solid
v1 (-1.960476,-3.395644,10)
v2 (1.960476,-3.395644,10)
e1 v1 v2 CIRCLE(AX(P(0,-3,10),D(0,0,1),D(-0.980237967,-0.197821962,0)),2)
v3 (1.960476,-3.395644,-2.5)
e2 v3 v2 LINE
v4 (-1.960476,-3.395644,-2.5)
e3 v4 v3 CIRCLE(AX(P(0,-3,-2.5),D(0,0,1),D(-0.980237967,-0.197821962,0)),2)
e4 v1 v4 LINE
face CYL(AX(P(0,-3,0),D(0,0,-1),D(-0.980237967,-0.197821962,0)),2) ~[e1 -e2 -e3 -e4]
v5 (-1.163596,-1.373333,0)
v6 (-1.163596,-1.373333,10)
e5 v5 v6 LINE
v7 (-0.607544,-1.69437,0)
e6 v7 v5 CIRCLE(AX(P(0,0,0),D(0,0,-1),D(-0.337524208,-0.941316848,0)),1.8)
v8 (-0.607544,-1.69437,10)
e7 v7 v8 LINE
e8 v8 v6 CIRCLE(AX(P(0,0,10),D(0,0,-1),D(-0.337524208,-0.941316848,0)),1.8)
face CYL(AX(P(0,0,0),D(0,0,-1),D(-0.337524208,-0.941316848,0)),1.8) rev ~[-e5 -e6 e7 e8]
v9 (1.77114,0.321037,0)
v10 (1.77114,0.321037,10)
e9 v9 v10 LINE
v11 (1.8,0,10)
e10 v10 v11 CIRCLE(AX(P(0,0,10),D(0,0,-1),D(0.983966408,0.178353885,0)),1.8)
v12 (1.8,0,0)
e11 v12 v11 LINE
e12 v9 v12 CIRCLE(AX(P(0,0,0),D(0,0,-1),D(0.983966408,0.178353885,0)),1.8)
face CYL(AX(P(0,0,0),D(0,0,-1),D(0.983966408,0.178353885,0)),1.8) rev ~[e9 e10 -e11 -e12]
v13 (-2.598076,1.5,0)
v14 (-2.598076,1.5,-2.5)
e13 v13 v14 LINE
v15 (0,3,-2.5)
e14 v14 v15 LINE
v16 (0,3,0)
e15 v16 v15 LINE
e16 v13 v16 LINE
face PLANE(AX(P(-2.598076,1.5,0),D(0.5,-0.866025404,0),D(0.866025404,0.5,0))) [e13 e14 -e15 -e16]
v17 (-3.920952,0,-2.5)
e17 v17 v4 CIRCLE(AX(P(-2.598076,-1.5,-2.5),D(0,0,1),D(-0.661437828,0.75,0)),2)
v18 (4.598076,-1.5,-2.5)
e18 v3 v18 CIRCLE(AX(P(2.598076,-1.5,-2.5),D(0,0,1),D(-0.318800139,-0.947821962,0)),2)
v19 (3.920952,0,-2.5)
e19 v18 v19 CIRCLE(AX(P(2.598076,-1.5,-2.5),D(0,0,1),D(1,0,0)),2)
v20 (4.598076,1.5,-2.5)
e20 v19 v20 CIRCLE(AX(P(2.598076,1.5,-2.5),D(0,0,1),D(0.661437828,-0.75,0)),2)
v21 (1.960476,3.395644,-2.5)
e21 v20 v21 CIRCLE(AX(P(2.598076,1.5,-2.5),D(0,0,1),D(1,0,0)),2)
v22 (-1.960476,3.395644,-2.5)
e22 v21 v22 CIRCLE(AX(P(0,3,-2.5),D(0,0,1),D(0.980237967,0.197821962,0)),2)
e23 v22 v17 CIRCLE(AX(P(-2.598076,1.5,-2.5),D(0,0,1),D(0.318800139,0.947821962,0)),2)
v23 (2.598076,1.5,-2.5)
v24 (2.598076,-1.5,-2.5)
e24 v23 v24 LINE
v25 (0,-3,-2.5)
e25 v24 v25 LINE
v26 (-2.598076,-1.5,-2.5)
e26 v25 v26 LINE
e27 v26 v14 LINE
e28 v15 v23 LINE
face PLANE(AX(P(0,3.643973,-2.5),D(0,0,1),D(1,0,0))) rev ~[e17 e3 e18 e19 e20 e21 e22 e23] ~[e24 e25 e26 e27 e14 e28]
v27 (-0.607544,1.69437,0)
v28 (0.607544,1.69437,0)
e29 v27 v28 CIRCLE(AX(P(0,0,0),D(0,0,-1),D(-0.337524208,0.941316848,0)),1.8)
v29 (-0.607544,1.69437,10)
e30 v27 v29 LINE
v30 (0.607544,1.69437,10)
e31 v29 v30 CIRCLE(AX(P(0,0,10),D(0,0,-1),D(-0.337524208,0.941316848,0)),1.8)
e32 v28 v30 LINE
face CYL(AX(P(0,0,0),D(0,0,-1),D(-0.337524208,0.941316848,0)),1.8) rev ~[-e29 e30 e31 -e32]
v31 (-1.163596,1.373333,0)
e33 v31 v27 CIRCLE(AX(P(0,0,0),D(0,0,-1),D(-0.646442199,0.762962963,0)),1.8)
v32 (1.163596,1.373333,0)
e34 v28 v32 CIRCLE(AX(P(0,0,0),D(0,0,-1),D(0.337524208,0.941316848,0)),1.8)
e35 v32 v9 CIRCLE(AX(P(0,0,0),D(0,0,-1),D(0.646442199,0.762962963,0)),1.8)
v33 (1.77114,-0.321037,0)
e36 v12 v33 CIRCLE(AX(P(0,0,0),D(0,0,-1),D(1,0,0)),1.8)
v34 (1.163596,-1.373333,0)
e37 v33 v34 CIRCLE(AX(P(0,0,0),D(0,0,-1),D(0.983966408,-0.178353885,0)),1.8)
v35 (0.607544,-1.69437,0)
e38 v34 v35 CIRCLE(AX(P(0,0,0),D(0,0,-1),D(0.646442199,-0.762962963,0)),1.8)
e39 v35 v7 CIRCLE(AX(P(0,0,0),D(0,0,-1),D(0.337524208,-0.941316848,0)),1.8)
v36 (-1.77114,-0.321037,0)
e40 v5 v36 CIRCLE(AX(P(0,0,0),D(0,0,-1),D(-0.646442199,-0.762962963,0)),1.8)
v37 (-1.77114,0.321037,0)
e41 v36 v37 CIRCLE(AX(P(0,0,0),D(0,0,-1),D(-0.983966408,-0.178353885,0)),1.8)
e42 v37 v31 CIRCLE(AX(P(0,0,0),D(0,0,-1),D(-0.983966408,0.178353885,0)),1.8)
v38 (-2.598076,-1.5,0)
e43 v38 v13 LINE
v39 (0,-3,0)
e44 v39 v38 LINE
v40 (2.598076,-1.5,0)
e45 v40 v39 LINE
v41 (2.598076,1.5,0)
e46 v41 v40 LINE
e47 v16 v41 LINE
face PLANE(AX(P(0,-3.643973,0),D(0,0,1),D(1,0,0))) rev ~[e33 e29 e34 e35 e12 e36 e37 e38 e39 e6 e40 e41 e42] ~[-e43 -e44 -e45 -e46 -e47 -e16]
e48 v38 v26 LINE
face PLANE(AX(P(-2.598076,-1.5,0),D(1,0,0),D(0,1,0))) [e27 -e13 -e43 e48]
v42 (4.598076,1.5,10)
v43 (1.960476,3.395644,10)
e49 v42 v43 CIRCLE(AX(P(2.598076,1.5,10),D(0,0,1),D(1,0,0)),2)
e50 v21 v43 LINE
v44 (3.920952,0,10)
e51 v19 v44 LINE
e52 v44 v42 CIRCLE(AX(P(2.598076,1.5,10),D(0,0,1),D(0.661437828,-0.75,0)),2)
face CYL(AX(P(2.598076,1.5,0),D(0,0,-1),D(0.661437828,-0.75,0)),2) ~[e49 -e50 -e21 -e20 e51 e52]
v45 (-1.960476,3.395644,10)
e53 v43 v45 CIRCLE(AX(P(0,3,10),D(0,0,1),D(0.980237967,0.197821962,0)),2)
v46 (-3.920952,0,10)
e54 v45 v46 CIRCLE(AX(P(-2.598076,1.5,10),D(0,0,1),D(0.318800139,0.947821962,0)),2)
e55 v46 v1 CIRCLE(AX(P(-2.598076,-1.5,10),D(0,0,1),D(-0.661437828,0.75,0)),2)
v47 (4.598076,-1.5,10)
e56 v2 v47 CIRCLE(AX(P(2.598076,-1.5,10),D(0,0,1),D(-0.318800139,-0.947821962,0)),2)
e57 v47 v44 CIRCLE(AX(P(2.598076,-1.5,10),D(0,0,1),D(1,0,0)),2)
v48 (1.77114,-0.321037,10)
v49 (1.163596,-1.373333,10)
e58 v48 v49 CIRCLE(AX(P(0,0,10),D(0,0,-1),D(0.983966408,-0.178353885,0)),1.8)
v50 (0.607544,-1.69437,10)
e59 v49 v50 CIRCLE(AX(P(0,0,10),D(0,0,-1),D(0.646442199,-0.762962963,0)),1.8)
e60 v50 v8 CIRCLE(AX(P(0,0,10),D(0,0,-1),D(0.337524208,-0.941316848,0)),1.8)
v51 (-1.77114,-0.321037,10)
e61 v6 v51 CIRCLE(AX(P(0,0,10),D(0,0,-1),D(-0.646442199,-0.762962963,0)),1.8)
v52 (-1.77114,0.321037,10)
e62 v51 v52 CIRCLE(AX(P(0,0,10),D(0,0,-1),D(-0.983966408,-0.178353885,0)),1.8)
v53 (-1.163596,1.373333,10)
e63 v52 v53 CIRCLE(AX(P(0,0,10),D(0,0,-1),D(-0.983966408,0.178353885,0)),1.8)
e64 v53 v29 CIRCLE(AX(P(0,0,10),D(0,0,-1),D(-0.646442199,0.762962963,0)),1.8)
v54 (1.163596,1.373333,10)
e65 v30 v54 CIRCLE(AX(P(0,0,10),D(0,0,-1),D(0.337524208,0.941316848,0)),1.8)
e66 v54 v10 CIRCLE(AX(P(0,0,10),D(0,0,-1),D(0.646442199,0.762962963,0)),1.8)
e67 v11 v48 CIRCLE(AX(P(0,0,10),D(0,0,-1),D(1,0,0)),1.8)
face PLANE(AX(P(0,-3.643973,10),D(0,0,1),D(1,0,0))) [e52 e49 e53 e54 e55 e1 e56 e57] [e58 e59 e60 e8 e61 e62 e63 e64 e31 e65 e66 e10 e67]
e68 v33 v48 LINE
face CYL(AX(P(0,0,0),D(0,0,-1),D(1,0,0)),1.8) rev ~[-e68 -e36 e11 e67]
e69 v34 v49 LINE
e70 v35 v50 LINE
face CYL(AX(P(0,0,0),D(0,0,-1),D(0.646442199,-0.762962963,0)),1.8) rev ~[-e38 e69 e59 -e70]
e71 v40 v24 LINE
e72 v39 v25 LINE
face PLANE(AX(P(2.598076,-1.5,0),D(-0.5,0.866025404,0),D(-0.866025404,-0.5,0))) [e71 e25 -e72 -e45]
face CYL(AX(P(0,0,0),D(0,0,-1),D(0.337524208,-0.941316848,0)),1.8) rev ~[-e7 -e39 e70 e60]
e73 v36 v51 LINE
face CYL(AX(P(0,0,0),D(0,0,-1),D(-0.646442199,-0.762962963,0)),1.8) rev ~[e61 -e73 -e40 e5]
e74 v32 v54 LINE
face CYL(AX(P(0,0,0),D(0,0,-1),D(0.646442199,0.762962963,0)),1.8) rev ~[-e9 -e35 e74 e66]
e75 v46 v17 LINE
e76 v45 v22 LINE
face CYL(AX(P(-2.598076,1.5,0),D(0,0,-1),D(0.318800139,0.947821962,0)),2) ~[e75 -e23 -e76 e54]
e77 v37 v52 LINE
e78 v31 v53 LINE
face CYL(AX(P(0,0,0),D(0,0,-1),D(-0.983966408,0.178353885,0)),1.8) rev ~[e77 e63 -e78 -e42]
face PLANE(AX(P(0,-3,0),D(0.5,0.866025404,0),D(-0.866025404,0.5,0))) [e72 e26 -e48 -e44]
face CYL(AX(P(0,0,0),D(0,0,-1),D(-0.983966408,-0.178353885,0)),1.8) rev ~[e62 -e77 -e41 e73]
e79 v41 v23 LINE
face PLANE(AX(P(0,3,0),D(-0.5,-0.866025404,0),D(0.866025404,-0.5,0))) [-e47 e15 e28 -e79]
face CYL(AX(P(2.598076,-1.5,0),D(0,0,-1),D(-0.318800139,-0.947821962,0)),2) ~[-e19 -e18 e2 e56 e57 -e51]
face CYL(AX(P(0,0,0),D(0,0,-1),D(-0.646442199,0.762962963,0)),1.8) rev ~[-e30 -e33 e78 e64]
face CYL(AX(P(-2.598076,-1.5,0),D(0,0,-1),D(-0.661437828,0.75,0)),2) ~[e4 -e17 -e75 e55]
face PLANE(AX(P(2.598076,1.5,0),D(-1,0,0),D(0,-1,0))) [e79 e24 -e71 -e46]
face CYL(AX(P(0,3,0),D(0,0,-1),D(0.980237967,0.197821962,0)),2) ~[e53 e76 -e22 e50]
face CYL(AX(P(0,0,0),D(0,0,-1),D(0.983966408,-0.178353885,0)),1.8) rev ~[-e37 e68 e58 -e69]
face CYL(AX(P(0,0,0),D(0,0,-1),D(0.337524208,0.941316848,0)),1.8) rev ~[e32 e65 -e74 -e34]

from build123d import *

# Parameters (mm, degrees)
F1_DEPTH = 2.5
F2_DEPTH = 10


with BuildPart() as f1:
    # F0 (on Top) → F1 (new body)
    with BuildSketch(Plane.XY):
        with BuildLine():
            Line((-0.8660254038, 2.5), (0, 3))
            Line((0, 3), (0.8660254038, 2.5))
            ThreePointArc((0.8660254038, 2.5), (1.3314444273, 3.0477867824), (1.9604759334, 3.3956439237))
            ThreePointArc((1.9604759334, 3.3956439237), (0, 5), (-1.9604759334, 3.3956439237))
            ThreePointArc((-1.9604759334, 3.3956439237), (-1.3314444273, 3.0477867824), (-0.8660254038, 2.5))
        make_face()
        with BuildLine():
            ThreePointArc((1.9604759334, 3.3956439237), (1.3314444273, 3.0477867824), (0.8660254038, 2.5))
            Line((0.8660254038, 2.5), (1.7320508076, 2))
            ThreePointArc((1.7320508076, 2), (1.9318516526, 2.4823619098), (2, 3))
            ThreePointArc((2, 3), (1.9900944534, 3.1988066059), (1.9604759334, 3.3956439237))
        make_face()
        with BuildLine():
            Line((-1.7320508076, 2), (-0.8660254038, 2.5))
            ThreePointArc((-0.8660254038, 2.5), (-1.3314444273, 3.0477867824), (-1.9604759334, 3.3956439237))
            ThreePointArc((-1.9604759334, 3.3956439237), (-1.9737385652, 2.676958089), (-1.7320508076, 2))
        make_face()
        with BuildLine():
            Line((-2.5980762114, 1.5), (-1.7320508076, 2))
            ThreePointArc((-1.7320508076, 2), (-1.9737385652, 2.676958089), (-1.9604759334, 3.3956439237))
            ThreePointArc((-1.9604759334, 3.3956439237), (-4.3301270189, 2.5), (-3.9209518669, 0))
            ThreePointArc((-3.9209518669, 0), (-3.3051829925, 0.3708286934), (-2.5980762114, 0.5))
            Line((-2.5980762114, 0.5), (-2.5980762114, 1.5))
        make_face()
        with BuildLine():
            ThreePointArc((-2.5980762114, 0.5), (-3.3051829925, 0.3708286934), (-3.9209518669, 0))
            ThreePointArc((-3.9209518669, 0), (-3.3051829925, -0.3708286934), (-2.5980762114, -0.5))
            Line((-2.5980762114, -0.5), (-2.5980762114, 0.5))
        make_face()
        with BuildLine():
            ThreePointArc((-2.5980762114, -0.5), (-3.3051829925, -0.3708286934), (-3.9209518669, 0))
            ThreePointArc((-3.9209518669, 0), (-4.3301270189, -2.5), (-1.9604759334, -3.3956439237))
            ThreePointArc((-1.9604759334, -3.3956439237), (-1.9737385652, -2.676958089), (-1.7320508076, -2))
            Line((-1.7320508076, -2), (-2.5980762114, -1.5))
            Line((-2.5980762114, -1.5), (-2.5980762114, -0.5))
        make_face()
        with BuildLine():
            ThreePointArc((-1.7320508076, -2), (-1.9737385652, -2.676958089), (-1.9604759334, -3.3956439237))
            ThreePointArc((-1.9604759334, -3.3956439237), (-1.3314444273, -3.0477867824), (-0.8660254038, -2.5))
            Line((-0.8660254038, -2.5), (-1.7320508076, -2))
        make_face()
        with BuildLine():
            ThreePointArc((-0.8660254038, -2.5), (-1.3314444273, -3.0477867824), (-1.9604759334, -3.3956439237))
            ThreePointArc((-1.9604759334, -3.3956439237), (0, -5), (1.9604759334, -3.3956439237))
            ThreePointArc((1.9604759334, -3.3956439237), (1.3314444273, -3.0477867824), (0.8660254038, -2.5))
            Line((0.8660254038, -2.5), (0, -3))
            Line((0, -3), (-0.8660254038, -2.5))
        make_face()
        with BuildLine():
            ThreePointArc((0.8660254038, -2.5), (1.3314444273, -3.0477867824), (1.9604759334, -3.3956439237))
            ThreePointArc((1.9604759334, -3.3956439237), (1.9900944534, -3.1988066059), (2, -3))
            ThreePointArc((2, -3), (1.9318516526, -2.4823619098), (1.7320508076, -2))
            Line((1.7320508076, -2), (0.8660254038, -2.5))
        make_face()
        with BuildLine():
            ThreePointArc((4.5980762114, -1.5), (4.4209518669, -0.6771243445), (3.9209518669, 0))
            ThreePointArc((3.9209518669, 0), (3.3051829925, -0.3708286934), (2.5980762114, -0.5))
            Line((2.5980762114, -0.5), (2.5980762114, -1.5))
            Line((2.5980762114, -1.5), (1.7320508076, -2))
            ThreePointArc((1.7320508076, -2), (1.9318516526, -2.4823619098), (2, -3))
            ThreePointArc((2, -3), (1.9900944534, -3.1988066059), (1.9604759334, -3.3956439237))
            ThreePointArc((1.9604759334, -3.3956439237), (3.7652950092, -3.1240690496), (4.5980762114, -1.5))
        make_face()
        with BuildLine():
            ThreePointArc((3.9209518669, 0), (3.3051829925, 0.3708286934), (2.5980762114, 0.5))
            Line((2.5980762114, 0.5), (2.5980762114, -0.5))
            ThreePointArc((2.5980762114, -0.5), (3.3051829925, -0.3708286934), (3.9209518669, 0))
        make_face()
        with BuildLine():
            ThreePointArc((2, 3), (1.9318516526, 2.4823619098), (1.7320508076, 2))
            Line((1.7320508076, 2), (2.5980762114, 1.5))
            Line((2.5980762114, 1.5), (2.5980762114, 0.5))
            ThreePointArc((2.5980762114, 0.5), (3.3051829925, 0.3708286934), (3.9209518669, 0))
            ThreePointArc((3.9209518669, 0), (4.4209518669, 0.6771243445), (4.5980762114, 1.5))
            ThreePointArc((4.5980762114, 1.5), (3.7652950092, 3.1240690496), (1.9604759334, 3.3956439237))
            ThreePointArc((1.9604759334, 3.3956439237), (1.9900944534, 3.1988066059), (2, 3))
        make_face()
    extrude(amount=-F1_DEPTH)

    # F0 (on Top) → F2 (join)
    with BuildSketch(Plane.XY):
        with BuildLine():
            ThreePointArc((-0.8660254038, -2.5), (-1.3314444273, -3.0477867824), (-1.9604759334, -3.3956439237))
            ThreePointArc((-1.9604759334, -3.3956439237), (0, -5), (1.9604759334, -3.3956439237))
            ThreePointArc((1.9604759334, -3.3956439237), (1.3314444273, -3.0477867824), (0.8660254038, -2.5))
            Line((0.8660254038, -2.5), (0, -3))
            Line((0, -3), (-0.8660254038, -2.5))
        make_face()
        with BuildLine():
            ThreePointArc((-1.7320508076, -2), (-1.9737385652, -2.676958089), (-1.9604759334, -3.3956439237))
            ThreePointArc((-1.9604759334, -3.3956439237), (-1.3314444273, -3.0477867824), (-0.8660254038, -2.5))
            Line((-0.8660254038, -2.5), (-1.7320508076, -2))
        make_face()
        with BuildLine():
            ThreePointArc((0.8660254038, -2.5), (1.3314444273, -3.0477867824), (1.9604759334, -3.3956439237))
            ThreePointArc((1.9604759334, -3.3956439237), (1.9900944534, -3.1988066059), (2, -3))
            ThreePointArc((2, -3), (1.9318516526, -2.4823619098), (1.7320508076, -2))
            Line((1.7320508076, -2), (0.8660254038, -2.5))
        make_face()
        with BuildLine():
            ThreePointArc((4.5980762114, -1.5), (4.4209518669, -0.6771243445), (3.9209518669, 0))
            ThreePointArc((3.9209518669, 0), (3.3051829925, -0.3708286934), (2.5980762114, -0.5))
            Line((2.5980762114, -0.5), (2.5980762114, -1.5))
            Line((2.5980762114, -1.5), (1.7320508076, -2))
            ThreePointArc((1.7320508076, -2), (1.9318516526, -2.4823619098), (2, -3))
            ThreePointArc((2, -3), (1.9900944534, -3.1988066059), (1.9604759334, -3.3956439237))
            ThreePointArc((1.9604759334, -3.3956439237), (3.7652950092, -3.1240690496), (4.5980762114, -1.5))
        make_face()
        with BuildLine():
            ThreePointArc((1.7320508076, -2), (1.4813407194, -1.6562627961), (1.1635959589, -1.3733333333))
            ThreePointArc((1.1635959589, -1.3733333333), (0.9, -1.5588457268), (0.6075435751, -1.6943703268))
            ThreePointArc((0.6075435751, -1.6943703268), (0.6936952971, -2.1110100927), (0.8660254038, -2.5))
            Line((0.8660254038, -2.5), (1.7320508076, -2))
        make_face()
        with BuildLine():
            ThreePointArc((-0.6075435751, -1.6943703268), (-0.6936952971, -2.1110100927), (-0.8660254038, -2.5))
            Line((-0.8660254038, -2.5), (0, -3))
            Line((0, -3), (0.8660254038, -2.5))
            ThreePointArc((0.8660254038, -2.5), (0.6936952971, -2.1110100927), (0.6075435751, -1.6943703268))
            ThreePointArc((0.6075435751, -1.6943703268), (0, -1.8), (-0.6075435751, -1.6943703268))
        make_face()
        with BuildLine():
            Line((2.5980762114, -1.5), (2.5980762114, -0.5))
            ThreePointArc((2.5980762114, -0.5), (2.1750360164, -0.4547472966), (1.771139534, -0.3210369935))
            ThreePointArc((1.771139534, -0.3210369935), (1.5588457268, -0.9), (1.1635959589, -1.3733333333))
            ThreePointArc((1.1635959589, -1.3733333333), (1.4813407194, -1.6562627961), (1.7320508076, -2))
            Line((1.7320508076, -2), (2.5980762114, -1.5))
        make_face()
        with BuildLine():
            ThreePointArc((-1.1635959589, -1.3733333333), (-1.4813407194, -1.6562627961), (-1.7320508076, -2))
            Line((-1.7320508076, -2), (-0.8660254038, -2.5))
            ThreePointArc((-0.8660254038, -2.5), (-0.6936952971, -2.1110100927), (-0.6075435751, -1.6943703268))
            ThreePointArc((-0.6075435751, -1.6943703268), (-0.9, -1.5588457268), (-1.1635959589, -1.3733333333))
        make_face()
        with BuildLine():
            ThreePointArc((-2.5980762114, -0.5), (-3.3051829925, -0.3708286934), (-3.9209518669, 0))
            ThreePointArc((-3.9209518669, 0), (-4.3301270189, -2.5), (-1.9604759334, -3.3956439237))
            ThreePointArc((-1.9604759334, -3.3956439237), (-1.9737385652, -2.676958089), (-1.7320508076, -2))
            Line((-1.7320508076, -2), (-2.5980762114, -1.5))
            Line((-2.5980762114, -1.5), (-2.5980762114, -0.5))
        make_face()
        with BuildLine():
            ThreePointArc((-1.771139534, -0.3210369935), (-2.1750360164, -0.4547472966), (-2.5980762114, -0.5))
            Line((-2.5980762114, -0.5), (-2.5980762114, -1.5))
            Line((-2.5980762114, -1.5), (-1.7320508076, -2))
            ThreePointArc((-1.7320508076, -2), (-1.4813407194, -1.6562627961), (-1.1635959589, -1.3733333333))
            ThreePointArc((-1.1635959589, -1.3733333333), (-1.5588457268, -0.9), (-1.771139534, -0.3210369935))
        make_face()
        with BuildLine():
            ThreePointArc((3.9209518669, 0), (3.3051829925, 0.3708286934), (2.5980762114, 0.5))
            Line((2.5980762114, 0.5), (2.5980762114, -0.5))
            ThreePointArc((2.5980762114, -0.5), (3.3051829925, -0.3708286934), (3.9209518669, 0))
        make_face()
        with BuildLine():
            ThreePointArc((2, 3), (1.9318516526, 2.4823619098), (1.7320508076, 2))
            Line((1.7320508076, 2), (2.5980762114, 1.5))
            Line((2.5980762114, 1.5), (2.5980762114, 0.5))
            ThreePointArc((2.5980762114, 0.5), (3.3051829925, 0.3708286934), (3.9209518669, 0))
            ThreePointArc((3.9209518669, 0), (4.4209518669, 0.6771243445), (4.5980762114, 1.5))
            ThreePointArc((4.5980762114, 1.5), (3.7652950092, 3.1240690496), (1.9604759334, 3.3956439237))
            ThreePointArc((1.9604759334, 3.3956439237), (1.9900944534, 3.1988066059), (2, 3))
        make_face()
        with BuildLine():
            ThreePointArc((1.9604759334, 3.3956439237), (1.3314444273, 3.0477867824), (0.8660254038, 2.5))
            Line((0.8660254038, 2.5), (1.7320508076, 2))
            ThreePointArc((1.7320508076, 2), (1.9318516526, 2.4823619098), (2, 3))
            ThreePointArc((2, 3), (1.9900944534, 3.1988066059), (1.9604759334, 3.3956439237))
        make_face()
        with BuildLine():
            Line((2.5980762114, -0.5), (2.5980762114, 0.5))
            ThreePointArc((2.5980762114, 0.5), (2.1750360164, 0.4547472966), (1.771139534, 0.3210369935))
            ThreePointArc((1.771139534, 0.3210369935), (1.7927703647, 0.1611658134), (1.8, 0))
            ThreePointArc((1.8, 0), (1.7927703647, -0.1611658134), (1.771139534, -0.3210369935))
            ThreePointArc((1.771139534, -0.3210369935), (2.1750360164, -0.4547472966), (2.5980762114, -0.5))
        make_face()
        with BuildLine():
            Line((2.5980762114, 1.5), (1.7320508076, 2))
            ThreePointArc((1.7320508076, 2), (1.4813407194, 1.6562627961), (1.1635959589, 1.3733333333))
            ThreePointArc((1.1635959589, 1.3733333333), (1.5588457268, 0.9), (1.771139534, 0.3210369935))
            ThreePointArc((1.771139534, 0.3210369935), (2.1750360164, 0.4547472966), (2.5980762114, 0.5))
            Line((2.5980762114, 0.5), (2.5980762114, 1.5))
        make_face()
        with BuildLine():
            Line((1.7320508076, 2), (0.8660254038, 2.5))
            ThreePointArc((0.8660254038, 2.5), (0.6936952971, 2.1110100927), (0.6075435751, 1.6943703268))
            ThreePointArc((0.6075435751, 1.6943703268), (0.9, 1.5588457268), (1.1635959589, 1.3733333333))
            ThreePointArc((1.1635959589, 1.3733333333), (1.4813407194, 1.6562627961), (1.7320508076, 2))
        make_face()
        with BuildLine():
            ThreePointArc((-2.5980762114, 0.5), (-3.3051829925, 0.3708286934), (-3.9209518669, 0))
            ThreePointArc((-3.9209518669, 0), (-3.3051829925, -0.3708286934), (-2.5980762114, -0.5))
            Line((-2.5980762114, -0.5), (-2.5980762114, 0.5))
        make_face()
        with BuildLine():
            Line((-2.5980762114, 1.5), (-1.7320508076, 2))
            ThreePointArc((-1.7320508076, 2), (-1.9737385652, 2.676958089), (-1.9604759334, 3.3956439237))
            ThreePointArc((-1.9604759334, 3.3956439237), (-4.3301270189, 2.5), (-3.9209518669, 0))
            ThreePointArc((-3.9209518669, 0), (-3.3051829925, 0.3708286934), (-2.5980762114, 0.5))
            Line((-2.5980762114, 0.5), (-2.5980762114, 1.5))
        make_face()
        with BuildLine():
            ThreePointArc((-1.771139534, 0.3210369935), (-2.1750360164, 0.4547472966), (-2.5980762114, 0.5))
            Line((-2.5980762114, 0.5), (-2.5980762114, -0.5))
            ThreePointArc((-2.5980762114, -0.5), (-2.1750360164, -0.4547472966), (-1.771139534, -0.3210369935))
            ThreePointArc((-1.771139534, -0.3210369935), (-1.8, 0), (-1.771139534, 0.3210369935))
        make_face()
        with BuildLine():
            ThreePointArc((-1.1635959589, 1.3733333333), (-1.4813407194, 1.6562627961), (-1.7320508076, 2))
            Line((-1.7320508076, 2), (-2.5980762114, 1.5))
            Line((-2.5980762114, 1.5), (-2.5980762114, 0.5))
            ThreePointArc((-2.5980762114, 0.5), (-2.1750360164, 0.4547472966), (-1.771139534, 0.3210369935))
            ThreePointArc((-1.771139534, 0.3210369935), (-1.5588457268, 0.9), (-1.1635959589, 1.3733333333))
        make_face()
        with BuildLine():
            Line((-1.7320508076, 2), (-0.8660254038, 2.5))
            ThreePointArc((-0.8660254038, 2.5), (-1.3314444273, 3.0477867824), (-1.9604759334, 3.3956439237))
            ThreePointArc((-1.9604759334, 3.3956439237), (-1.9737385652, 2.676958089), (-1.7320508076, 2))
        make_face()
        with BuildLine():
            Line((-0.8660254038, 2.5), (0, 3))
            Line((0, 3), (0.8660254038, 2.5))
            ThreePointArc((0.8660254038, 2.5), (1.3314444273, 3.0477867824), (1.9604759334, 3.3956439237))
            ThreePointArc((1.9604759334, 3.3956439237), (0, 5), (-1.9604759334, 3.3956439237))
            ThreePointArc((-1.9604759334, 3.3956439237), (-1.3314444273, 3.0477867824), (-0.8660254038, 2.5))
        make_face()
        with BuildLine():
            ThreePointArc((-0.6075435751, 1.6943703268), (-0.6936952971, 2.1110100927), (-0.8660254038, 2.5))
            Line((-0.8660254038, 2.5), (-1.7320508076, 2))
            ThreePointArc((-1.7320508076, 2), (-1.4813407194, 1.6562627961), (-1.1635959589, 1.3733333333))
            ThreePointArc((-1.1635959589, 1.3733333333), (-0.9, 1.5588457268), (-0.6075435751, 1.6943703268))
        make_face()
        with BuildLine():
            Line((0.8660254038, 2.5), (0, 3))
            Line((0, 3), (-0.8660254038, 2.5))
            ThreePointArc((-0.8660254038, 2.5), (-0.6936952971, 2.1110100927), (-0.6075435751, 1.6943703268))
            ThreePointArc((-0.6075435751, 1.6943703268), (0, 1.8), (0.6075435751, 1.6943703268))
            ThreePointArc((0.6075435751, 1.6943703268), (0.6936952971, 2.1110100927), (0.8660254038, 2.5))
        make_face()
    extrude(amount=F2_DEPTH)


solid = f1.part
